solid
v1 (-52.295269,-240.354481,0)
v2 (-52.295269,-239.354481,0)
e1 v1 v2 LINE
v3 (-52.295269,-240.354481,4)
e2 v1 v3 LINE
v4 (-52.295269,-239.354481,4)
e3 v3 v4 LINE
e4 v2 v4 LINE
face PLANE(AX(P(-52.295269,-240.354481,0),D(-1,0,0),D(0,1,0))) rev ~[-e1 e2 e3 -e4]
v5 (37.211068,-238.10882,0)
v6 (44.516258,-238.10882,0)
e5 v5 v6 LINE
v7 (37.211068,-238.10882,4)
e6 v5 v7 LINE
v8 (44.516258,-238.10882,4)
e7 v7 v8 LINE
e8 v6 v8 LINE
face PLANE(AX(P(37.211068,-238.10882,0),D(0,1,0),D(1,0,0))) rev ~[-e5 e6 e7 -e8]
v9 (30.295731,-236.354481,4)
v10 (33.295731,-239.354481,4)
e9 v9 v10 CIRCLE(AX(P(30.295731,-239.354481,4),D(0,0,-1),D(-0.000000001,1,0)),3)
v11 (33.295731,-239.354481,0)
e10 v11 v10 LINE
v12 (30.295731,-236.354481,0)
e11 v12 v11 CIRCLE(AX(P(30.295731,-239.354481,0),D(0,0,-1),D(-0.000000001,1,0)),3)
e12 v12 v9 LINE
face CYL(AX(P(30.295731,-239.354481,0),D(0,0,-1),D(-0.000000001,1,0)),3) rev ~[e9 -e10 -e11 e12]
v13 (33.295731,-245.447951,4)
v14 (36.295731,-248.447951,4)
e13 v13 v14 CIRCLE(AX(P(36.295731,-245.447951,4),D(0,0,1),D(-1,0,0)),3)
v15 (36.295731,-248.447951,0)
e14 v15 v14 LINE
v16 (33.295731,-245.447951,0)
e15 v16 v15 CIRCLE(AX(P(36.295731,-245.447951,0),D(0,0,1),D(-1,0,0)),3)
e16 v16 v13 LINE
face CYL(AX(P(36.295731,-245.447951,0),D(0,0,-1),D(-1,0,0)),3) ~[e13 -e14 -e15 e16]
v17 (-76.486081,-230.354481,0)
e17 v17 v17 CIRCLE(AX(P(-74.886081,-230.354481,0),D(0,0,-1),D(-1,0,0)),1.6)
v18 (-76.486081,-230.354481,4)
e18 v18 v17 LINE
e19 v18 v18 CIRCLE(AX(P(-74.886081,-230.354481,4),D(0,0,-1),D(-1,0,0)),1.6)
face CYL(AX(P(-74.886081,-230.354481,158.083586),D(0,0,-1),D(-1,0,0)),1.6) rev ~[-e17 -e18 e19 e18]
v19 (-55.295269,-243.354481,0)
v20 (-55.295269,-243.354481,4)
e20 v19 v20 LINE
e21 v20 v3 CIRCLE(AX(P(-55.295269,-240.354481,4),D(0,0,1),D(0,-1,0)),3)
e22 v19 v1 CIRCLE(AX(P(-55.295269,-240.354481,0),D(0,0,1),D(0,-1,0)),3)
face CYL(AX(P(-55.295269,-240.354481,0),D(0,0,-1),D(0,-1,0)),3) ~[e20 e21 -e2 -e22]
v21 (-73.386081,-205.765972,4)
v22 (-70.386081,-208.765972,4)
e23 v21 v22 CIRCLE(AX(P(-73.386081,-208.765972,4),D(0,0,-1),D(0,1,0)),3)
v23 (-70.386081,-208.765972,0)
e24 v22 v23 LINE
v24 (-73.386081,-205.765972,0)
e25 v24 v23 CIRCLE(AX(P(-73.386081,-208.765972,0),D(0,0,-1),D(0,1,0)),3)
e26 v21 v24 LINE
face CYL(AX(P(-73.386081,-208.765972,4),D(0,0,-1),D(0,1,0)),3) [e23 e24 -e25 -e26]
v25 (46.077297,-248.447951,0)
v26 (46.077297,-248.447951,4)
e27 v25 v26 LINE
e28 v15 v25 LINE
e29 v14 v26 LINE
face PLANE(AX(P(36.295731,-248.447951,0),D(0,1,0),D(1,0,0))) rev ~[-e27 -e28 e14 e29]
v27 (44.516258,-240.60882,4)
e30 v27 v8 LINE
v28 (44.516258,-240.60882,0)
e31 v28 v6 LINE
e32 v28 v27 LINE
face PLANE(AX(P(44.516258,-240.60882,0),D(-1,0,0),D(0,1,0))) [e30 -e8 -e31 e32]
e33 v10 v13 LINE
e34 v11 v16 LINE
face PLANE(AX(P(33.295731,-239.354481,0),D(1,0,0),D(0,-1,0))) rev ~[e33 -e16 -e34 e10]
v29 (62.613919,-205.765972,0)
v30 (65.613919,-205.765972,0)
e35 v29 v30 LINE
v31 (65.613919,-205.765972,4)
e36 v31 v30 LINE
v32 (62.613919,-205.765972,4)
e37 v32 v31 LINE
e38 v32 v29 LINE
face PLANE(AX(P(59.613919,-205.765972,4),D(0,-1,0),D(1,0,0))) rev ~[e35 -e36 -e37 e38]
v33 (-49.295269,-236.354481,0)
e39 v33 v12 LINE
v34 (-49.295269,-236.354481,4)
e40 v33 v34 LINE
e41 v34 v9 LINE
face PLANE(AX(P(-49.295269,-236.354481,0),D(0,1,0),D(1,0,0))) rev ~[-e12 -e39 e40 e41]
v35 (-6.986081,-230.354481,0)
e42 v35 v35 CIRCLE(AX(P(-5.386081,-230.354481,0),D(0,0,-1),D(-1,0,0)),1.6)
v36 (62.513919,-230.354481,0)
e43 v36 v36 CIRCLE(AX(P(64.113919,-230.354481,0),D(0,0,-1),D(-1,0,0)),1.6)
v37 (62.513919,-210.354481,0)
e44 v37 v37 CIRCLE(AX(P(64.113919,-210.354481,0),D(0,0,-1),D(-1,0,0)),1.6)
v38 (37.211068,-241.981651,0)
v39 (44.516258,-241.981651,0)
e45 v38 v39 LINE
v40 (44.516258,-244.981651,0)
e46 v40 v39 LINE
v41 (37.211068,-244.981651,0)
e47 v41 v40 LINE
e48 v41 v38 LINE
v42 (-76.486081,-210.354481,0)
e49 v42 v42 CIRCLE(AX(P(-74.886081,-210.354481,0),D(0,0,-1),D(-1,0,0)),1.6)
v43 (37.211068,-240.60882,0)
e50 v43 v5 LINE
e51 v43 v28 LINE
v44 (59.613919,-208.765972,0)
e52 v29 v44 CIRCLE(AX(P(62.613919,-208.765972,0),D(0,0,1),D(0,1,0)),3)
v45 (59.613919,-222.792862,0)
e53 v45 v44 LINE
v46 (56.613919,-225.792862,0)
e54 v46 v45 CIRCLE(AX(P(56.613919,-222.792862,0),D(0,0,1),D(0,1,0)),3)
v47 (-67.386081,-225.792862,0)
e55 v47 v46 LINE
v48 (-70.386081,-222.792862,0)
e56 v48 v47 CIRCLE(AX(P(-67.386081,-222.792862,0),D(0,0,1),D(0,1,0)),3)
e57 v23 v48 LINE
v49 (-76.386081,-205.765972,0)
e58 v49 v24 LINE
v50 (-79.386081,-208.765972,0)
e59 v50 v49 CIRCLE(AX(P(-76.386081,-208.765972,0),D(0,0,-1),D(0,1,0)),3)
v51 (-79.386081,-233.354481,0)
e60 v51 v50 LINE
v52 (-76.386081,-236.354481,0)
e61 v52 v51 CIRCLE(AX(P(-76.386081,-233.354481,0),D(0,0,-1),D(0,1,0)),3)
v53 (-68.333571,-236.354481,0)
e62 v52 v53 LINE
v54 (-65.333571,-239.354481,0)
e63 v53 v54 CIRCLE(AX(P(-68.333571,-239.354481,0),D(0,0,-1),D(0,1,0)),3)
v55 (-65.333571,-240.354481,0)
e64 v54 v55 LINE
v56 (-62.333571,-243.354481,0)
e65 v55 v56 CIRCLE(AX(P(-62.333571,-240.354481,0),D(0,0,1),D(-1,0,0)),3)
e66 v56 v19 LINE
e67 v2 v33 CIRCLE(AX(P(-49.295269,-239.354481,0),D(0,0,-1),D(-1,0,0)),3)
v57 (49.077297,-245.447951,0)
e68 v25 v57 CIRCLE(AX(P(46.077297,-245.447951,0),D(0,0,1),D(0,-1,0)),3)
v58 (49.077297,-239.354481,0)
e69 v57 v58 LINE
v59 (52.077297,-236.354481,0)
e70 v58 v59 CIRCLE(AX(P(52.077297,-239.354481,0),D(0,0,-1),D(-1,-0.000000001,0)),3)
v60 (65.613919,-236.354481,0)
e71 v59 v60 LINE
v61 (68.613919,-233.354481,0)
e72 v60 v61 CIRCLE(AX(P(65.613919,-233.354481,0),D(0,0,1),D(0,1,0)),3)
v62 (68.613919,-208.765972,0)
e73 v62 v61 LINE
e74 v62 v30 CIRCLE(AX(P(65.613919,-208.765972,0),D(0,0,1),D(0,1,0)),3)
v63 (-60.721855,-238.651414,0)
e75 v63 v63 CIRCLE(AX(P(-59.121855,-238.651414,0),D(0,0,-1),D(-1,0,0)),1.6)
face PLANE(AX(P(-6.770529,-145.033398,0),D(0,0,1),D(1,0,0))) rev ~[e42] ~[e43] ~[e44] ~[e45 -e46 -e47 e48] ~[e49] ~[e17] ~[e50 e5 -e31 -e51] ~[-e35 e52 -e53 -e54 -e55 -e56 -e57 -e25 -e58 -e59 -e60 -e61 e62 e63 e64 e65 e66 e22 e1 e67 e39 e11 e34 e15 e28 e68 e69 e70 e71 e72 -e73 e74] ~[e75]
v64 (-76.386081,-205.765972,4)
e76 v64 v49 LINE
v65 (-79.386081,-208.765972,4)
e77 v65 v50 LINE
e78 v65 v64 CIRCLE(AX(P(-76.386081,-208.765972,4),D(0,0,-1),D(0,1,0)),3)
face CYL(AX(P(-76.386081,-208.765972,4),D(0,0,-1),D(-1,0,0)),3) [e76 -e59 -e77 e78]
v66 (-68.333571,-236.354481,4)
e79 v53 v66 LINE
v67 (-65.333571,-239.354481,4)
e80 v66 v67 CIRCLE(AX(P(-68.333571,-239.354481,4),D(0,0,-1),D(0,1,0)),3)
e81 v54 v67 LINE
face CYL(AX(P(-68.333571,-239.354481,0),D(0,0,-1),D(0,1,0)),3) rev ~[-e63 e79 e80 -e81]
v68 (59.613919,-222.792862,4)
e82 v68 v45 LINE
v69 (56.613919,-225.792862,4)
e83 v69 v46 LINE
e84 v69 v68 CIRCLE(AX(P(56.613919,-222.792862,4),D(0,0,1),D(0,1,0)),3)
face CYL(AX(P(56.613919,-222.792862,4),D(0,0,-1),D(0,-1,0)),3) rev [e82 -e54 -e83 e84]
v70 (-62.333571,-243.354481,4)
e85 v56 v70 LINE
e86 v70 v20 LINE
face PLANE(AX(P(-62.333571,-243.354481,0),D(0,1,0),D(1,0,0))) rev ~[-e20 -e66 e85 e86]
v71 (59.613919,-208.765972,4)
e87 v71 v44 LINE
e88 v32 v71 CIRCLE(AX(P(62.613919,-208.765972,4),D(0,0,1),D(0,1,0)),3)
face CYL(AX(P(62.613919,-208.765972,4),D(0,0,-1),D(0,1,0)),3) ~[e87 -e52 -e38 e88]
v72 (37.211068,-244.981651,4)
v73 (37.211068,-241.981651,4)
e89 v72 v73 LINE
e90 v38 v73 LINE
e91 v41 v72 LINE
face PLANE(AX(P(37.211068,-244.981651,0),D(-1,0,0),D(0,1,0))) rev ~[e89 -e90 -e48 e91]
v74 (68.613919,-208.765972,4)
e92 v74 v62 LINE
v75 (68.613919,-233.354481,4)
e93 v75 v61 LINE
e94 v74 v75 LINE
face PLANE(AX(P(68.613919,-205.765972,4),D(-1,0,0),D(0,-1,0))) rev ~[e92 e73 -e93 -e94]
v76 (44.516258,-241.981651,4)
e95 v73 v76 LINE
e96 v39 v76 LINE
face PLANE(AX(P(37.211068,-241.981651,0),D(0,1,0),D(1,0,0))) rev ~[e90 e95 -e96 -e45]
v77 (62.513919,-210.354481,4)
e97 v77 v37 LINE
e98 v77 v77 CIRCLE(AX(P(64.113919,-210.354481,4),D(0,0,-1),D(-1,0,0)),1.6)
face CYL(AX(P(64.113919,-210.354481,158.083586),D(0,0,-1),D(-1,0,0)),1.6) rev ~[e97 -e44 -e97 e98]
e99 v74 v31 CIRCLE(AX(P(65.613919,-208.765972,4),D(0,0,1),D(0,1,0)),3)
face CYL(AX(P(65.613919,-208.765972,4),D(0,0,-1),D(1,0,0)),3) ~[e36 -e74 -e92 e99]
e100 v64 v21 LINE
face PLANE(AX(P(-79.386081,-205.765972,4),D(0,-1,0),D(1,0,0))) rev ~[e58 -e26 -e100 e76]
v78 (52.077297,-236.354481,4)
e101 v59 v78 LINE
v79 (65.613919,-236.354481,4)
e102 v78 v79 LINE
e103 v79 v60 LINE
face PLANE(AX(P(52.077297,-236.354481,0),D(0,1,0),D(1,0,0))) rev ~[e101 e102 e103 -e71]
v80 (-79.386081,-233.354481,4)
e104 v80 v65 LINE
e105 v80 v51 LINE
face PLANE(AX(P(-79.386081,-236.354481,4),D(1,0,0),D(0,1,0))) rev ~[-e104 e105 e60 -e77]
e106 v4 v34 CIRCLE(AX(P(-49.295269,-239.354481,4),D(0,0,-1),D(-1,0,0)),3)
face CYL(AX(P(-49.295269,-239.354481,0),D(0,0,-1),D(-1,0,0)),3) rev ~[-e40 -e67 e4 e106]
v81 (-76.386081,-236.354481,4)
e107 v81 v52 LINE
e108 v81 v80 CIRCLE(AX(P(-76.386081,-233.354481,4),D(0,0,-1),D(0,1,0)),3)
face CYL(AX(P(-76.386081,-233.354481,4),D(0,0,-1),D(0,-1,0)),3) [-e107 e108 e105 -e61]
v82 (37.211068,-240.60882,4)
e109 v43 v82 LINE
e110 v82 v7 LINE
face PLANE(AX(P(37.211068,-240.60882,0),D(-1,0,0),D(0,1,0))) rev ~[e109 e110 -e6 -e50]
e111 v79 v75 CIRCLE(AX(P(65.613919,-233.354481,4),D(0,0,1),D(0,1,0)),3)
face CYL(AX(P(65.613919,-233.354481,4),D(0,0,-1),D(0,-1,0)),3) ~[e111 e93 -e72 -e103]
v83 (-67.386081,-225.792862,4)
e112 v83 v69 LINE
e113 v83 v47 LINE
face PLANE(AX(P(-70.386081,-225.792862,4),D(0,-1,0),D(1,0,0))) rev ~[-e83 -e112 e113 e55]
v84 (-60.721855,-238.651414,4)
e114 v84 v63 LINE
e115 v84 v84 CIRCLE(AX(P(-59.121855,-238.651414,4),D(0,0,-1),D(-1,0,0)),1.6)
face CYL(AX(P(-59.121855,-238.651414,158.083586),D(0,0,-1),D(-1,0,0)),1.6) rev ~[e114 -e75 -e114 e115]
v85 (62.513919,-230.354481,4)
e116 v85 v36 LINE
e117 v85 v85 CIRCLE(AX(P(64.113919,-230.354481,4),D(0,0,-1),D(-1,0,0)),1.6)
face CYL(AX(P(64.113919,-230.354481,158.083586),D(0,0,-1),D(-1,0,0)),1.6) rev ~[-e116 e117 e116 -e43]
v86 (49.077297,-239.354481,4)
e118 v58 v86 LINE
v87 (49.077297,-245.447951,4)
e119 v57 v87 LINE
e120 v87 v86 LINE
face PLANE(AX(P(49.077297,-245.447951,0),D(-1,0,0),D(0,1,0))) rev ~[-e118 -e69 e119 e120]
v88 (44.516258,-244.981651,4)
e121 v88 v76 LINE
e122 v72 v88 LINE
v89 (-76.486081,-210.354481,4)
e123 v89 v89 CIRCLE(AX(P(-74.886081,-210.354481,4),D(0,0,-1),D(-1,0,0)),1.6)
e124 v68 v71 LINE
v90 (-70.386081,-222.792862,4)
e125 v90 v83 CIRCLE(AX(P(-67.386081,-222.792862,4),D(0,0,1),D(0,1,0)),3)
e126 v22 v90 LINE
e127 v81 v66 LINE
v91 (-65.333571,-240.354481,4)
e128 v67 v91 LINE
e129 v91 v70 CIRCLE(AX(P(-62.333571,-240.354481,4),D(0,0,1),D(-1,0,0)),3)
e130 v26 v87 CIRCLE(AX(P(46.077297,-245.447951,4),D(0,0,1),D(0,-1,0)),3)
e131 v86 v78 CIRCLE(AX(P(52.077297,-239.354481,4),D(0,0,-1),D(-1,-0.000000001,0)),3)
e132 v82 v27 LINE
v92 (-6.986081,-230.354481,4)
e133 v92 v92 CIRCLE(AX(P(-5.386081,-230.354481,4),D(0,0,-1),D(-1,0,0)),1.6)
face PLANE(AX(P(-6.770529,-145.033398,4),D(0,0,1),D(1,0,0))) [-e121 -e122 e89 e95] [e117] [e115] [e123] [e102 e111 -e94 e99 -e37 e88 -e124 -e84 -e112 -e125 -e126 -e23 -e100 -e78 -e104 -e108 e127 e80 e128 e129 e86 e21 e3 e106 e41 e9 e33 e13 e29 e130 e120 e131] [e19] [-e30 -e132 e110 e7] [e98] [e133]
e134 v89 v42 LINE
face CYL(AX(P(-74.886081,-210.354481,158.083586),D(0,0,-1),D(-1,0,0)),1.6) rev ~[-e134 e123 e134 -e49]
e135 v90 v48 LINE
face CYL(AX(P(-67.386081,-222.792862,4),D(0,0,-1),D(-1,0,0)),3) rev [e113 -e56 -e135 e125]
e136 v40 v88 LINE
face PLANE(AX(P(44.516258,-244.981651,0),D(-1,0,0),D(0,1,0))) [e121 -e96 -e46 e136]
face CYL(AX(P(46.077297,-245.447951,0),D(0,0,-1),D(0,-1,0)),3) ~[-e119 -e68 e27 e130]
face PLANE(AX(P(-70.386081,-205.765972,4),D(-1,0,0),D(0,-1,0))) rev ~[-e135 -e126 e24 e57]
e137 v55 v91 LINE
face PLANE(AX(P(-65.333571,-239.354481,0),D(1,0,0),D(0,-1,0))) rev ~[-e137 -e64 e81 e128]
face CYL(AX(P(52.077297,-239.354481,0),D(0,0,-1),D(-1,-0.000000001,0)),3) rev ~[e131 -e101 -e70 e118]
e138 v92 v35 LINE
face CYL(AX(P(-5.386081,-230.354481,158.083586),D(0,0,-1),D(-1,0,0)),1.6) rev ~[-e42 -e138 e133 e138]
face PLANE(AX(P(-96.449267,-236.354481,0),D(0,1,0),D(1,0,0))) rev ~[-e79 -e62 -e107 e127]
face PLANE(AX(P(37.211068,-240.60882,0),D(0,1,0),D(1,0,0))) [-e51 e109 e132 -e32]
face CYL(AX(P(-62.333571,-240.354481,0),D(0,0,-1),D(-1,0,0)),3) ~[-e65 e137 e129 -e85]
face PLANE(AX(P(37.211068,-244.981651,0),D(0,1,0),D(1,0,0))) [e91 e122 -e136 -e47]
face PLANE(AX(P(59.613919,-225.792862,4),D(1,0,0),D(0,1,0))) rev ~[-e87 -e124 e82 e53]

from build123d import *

# Parameters (mm, degrees)
ESBO_O1_W                = 7.305190172
ESBO_O1_H                = 2.5
ESBO_O1_H_2              = 3
RESSALTO_EXTRUS_O1_DEPTH = 4
CUT_EXTRUDE1_DEPTH       = 10
FURO_COM_FOLGA_DE_M31_D  = 3.2
FILLET1_R                = 3


with BuildPart() as part:
    # Esboço1 → Ressalto-extrusão1 (new body)
    with BuildSketch(Plane.XY):
        with BuildLine():
            Line((-49.295269139, -236.354481491), (30.295730877, -236.354481491))
            ThreePointArc((30.295730877, -236.354481491), (32.417051221, -237.233161147), (33.295730877, -239.354481491))
            Line((33.295730877, -239.354481491), (33.295730877, -245.447951064))
            ThreePointArc((33.295730877, -245.447951064), (34.174410534, -247.569271408), (36.295730877, -248.447951064))
            Line((36.295730877, -248.447951064), (46.077297056, -248.447951064))
            ThreePointArc((46.077297056, -248.447951064), (48.198617399, -247.569271408), (49.077297056, -245.447951064))
            Line((49.077297056, -245.447951064), (49.077297056, -239.354481491))
            ThreePointArc((49.077297056, -239.354481491), (49.955976712, -237.233161147), (52.077297056, -236.354481491))
            Line((52.077297056, -236.354481491), (68.643919436, -236.354481491))
            ThreePointArc((68.643919436, -236.354481491), (70.765239779, -235.475801834), (71.643919436, -233.354481491))
            Line((71.643919436, -233.354481491), (71.643919436, -231.207792375))
            Line((71.643919436, -231.207792375), (84.613919436, -231.207792375))
            Line((84.613919436, -231.207792375), (84.613919436, -65.265257908))
            Line((84.613919436, -65.265257908), (71.643919436, -65.265257908))
            Line((71.643919436, -65.265257908), (71.643919436, -47.354481491))
            ThreePointArc((71.643919436, -47.354481491), (70.765239779, -45.233161147), (68.643919436, -44.354481491))
            Line((68.643919436, -44.354481491), (-79.423286283, -44.354481491))
            ThreePointArc((-79.423286283, -44.354481491), (-81.544606627, -45.233161147), (-82.423286283, -47.354481491))
            Line((-82.423286283, -47.354481491), (-82.423286283, -65.265257908))
            Line((-82.423286283, -65.265257908), (-99.449266915, -65.265257908))
            Line((-99.449266915, -65.265257908), (-99.449266915, -233.354481491))
            ThreePointArc((-99.449266915, -233.354481491), (-98.570587259, -235.475801834), (-96.449266915, -236.354481491))
            Line((-96.449266915, -236.354481491), (-68.333570548, -236.354481491))
            ThreePointArc((-68.333570548, -236.354481491), (-66.212250205, -237.233161147), (-65.333570548, -239.354481491))
            Line((-65.333570548, -239.354481491), (-65.333570548, -240.354481491))
            ThreePointArc((-65.333570548, -240.354481491), (-64.454890892, -242.475801834), (-62.333570548, -243.354481491))
            Line((-62.333570548, -243.354481491), (-55.295269139, -243.354481491))
            ThreePointArc((-55.295269139, -243.354481491), (-53.173948795, -242.475801834), (-52.295269139, -240.354481491))
            Line((-52.295269139, -240.354481491), (-52.295269139, -239.354481491))
            ThreePointArc((-52.295269139, -239.354481491), (-51.416589482, -237.233161147), (-49.295269139, -236.354481491))
        make_face()
        with Locations((40.863663265, -239.358820259)):
            Rectangle(ESBO_O1_W, ESBO_O1_H, mode=Mode.SUBTRACT)
        with Locations((40.863663265, -243.481650875)):
            Rectangle(ESBO_O1_W, ESBO_O1_H_2, mode=Mode.SUBTRACT)
        with Locations((40.863663265, -51.350142723)):
            Rectangle(ESBO_O1_W, ESBO_O1_H, mode=Mode.SUBTRACT)
        with Locations((40.863663265, -47.227312107)):
            Rectangle(ESBO_O1_W, ESBO_O1_H_2, mode=Mode.SUBTRACT)
    extrude(amount=RESSALTO_EXTRUS_O1_DEPTH)

    # Sketch1 → Cut-Extrude1 (cut)
    with BuildSketch(Plane.XY.offset(4)):
        with BuildLine():
            Line((-79.386080564, -236.354481491), (-79.386080564, -228.792861815))
            Line((-79.386080564, -228.792861815), (-79.386080564, -205.765971774))
            Line((-79.386080564, -205.765971774), (-70.386080564, -205.765971774))
            Line((-70.386080564, -205.765971774), (-70.386080564, -225.792861815))
            Line((-70.386080564, -225.792861815), (59.613919436, -225.792861815))
            Line((59.613919436, -225.792861815), (59.613919436, -205.765971774))
            Line((59.613919436, -205.765971774), (68.613919436, -205.765971774))
            Line((68.613919436, -205.765971774), (68.613919436, -228.792861815))
            Line((68.613919436, -228.792861815), (68.613919436, -236.354481491))
            Line((68.613919436, -236.354481491), (68.643919436, -236.354481491))
            ThreePointArc((68.643919436, -236.354481491), (70.765239779, -235.475801834), (71.643919436, -233.354481491))
            Line((71.643919436, -233.354481491), (71.643919436, -231.207792375))
            Line((71.643919436, -231.207792375), (84.613919436, -231.207792375))
            Line((84.613919436, -231.207792375), (84.613919436, -65.265257908))
            Line((84.613919436, -65.265257908), (71.643919436, -65.265257908))
            Line((71.643919436, -65.265257908), (71.643919436, -47.354481491))
            ThreePointArc((71.643919436, -47.354481491), (70.765239779, -45.233161147), (68.643919436, -44.354481491))
            Line((68.643919436, -44.354481491), (-79.423286283, -44.354481491))
            ThreePointArc((-79.423286283, -44.354481491), (-81.544606627, -45.233161147), (-82.423286283, -47.354481491))
            Line((-82.423286283, -47.354481491), (-82.423286283, -65.265257908))
            Line((-82.423286283, -65.265257908), (-99.449266915, -65.265257908))
            Line((-99.449266915, -65.265257908), (-99.449266915, -233.354481491))
            ThreePointArc((-99.449266915, -233.354481491), (-98.570587259, -235.475801834), (-96.449266915, -236.354481491))
            Line((-96.449266915, -236.354481491), (-79.386080564, -236.354481491))
        make_face()
    extrude(amount=-CUT_EXTRUDE1_DEPTH, mode=Mode.SUBTRACT)

    # Furo com folga de M31 (through all)
    with Locations(Plane.XY.offset(4)):
        with Locations((-74.886080564, -50.354481491), (64.113919436, -230.354481491), (64.113919436, -50.354481491), (-74.886080564, -230.354481491), (-59.12185492, -47.477548601), (-5.386080564, -50.354481491), (-59.12185492, -238.651414381), (-5.386080564, -230.354481491), (64.113919436, -210.354481491), (-74.886080564, -210.354481491)):
            Hole(FURO_COM_FOLGA_DE_M31_D / 2)

    # Fillet1
    fillet1_edges = [part.edges().sort_by_distance(p)[0] for p in [
        (-79.386080564, -236.354481491, 2),
        (68.613919436, -205.765971774, 2),
        (59.613919436, -205.765971774, 2),
        (59.613919436, -225.792861815, 2),
        (-70.386080564, -225.792861815, 2),
        (-70.386080564, -205.765971774, 2),
        (-79.386080564, -205.765971774, 2),
        (68.613919436, -236.354481491, 2),
    ]]
    fillet(fillet1_edges, radius=FILLET1_R)


solid = part.part
